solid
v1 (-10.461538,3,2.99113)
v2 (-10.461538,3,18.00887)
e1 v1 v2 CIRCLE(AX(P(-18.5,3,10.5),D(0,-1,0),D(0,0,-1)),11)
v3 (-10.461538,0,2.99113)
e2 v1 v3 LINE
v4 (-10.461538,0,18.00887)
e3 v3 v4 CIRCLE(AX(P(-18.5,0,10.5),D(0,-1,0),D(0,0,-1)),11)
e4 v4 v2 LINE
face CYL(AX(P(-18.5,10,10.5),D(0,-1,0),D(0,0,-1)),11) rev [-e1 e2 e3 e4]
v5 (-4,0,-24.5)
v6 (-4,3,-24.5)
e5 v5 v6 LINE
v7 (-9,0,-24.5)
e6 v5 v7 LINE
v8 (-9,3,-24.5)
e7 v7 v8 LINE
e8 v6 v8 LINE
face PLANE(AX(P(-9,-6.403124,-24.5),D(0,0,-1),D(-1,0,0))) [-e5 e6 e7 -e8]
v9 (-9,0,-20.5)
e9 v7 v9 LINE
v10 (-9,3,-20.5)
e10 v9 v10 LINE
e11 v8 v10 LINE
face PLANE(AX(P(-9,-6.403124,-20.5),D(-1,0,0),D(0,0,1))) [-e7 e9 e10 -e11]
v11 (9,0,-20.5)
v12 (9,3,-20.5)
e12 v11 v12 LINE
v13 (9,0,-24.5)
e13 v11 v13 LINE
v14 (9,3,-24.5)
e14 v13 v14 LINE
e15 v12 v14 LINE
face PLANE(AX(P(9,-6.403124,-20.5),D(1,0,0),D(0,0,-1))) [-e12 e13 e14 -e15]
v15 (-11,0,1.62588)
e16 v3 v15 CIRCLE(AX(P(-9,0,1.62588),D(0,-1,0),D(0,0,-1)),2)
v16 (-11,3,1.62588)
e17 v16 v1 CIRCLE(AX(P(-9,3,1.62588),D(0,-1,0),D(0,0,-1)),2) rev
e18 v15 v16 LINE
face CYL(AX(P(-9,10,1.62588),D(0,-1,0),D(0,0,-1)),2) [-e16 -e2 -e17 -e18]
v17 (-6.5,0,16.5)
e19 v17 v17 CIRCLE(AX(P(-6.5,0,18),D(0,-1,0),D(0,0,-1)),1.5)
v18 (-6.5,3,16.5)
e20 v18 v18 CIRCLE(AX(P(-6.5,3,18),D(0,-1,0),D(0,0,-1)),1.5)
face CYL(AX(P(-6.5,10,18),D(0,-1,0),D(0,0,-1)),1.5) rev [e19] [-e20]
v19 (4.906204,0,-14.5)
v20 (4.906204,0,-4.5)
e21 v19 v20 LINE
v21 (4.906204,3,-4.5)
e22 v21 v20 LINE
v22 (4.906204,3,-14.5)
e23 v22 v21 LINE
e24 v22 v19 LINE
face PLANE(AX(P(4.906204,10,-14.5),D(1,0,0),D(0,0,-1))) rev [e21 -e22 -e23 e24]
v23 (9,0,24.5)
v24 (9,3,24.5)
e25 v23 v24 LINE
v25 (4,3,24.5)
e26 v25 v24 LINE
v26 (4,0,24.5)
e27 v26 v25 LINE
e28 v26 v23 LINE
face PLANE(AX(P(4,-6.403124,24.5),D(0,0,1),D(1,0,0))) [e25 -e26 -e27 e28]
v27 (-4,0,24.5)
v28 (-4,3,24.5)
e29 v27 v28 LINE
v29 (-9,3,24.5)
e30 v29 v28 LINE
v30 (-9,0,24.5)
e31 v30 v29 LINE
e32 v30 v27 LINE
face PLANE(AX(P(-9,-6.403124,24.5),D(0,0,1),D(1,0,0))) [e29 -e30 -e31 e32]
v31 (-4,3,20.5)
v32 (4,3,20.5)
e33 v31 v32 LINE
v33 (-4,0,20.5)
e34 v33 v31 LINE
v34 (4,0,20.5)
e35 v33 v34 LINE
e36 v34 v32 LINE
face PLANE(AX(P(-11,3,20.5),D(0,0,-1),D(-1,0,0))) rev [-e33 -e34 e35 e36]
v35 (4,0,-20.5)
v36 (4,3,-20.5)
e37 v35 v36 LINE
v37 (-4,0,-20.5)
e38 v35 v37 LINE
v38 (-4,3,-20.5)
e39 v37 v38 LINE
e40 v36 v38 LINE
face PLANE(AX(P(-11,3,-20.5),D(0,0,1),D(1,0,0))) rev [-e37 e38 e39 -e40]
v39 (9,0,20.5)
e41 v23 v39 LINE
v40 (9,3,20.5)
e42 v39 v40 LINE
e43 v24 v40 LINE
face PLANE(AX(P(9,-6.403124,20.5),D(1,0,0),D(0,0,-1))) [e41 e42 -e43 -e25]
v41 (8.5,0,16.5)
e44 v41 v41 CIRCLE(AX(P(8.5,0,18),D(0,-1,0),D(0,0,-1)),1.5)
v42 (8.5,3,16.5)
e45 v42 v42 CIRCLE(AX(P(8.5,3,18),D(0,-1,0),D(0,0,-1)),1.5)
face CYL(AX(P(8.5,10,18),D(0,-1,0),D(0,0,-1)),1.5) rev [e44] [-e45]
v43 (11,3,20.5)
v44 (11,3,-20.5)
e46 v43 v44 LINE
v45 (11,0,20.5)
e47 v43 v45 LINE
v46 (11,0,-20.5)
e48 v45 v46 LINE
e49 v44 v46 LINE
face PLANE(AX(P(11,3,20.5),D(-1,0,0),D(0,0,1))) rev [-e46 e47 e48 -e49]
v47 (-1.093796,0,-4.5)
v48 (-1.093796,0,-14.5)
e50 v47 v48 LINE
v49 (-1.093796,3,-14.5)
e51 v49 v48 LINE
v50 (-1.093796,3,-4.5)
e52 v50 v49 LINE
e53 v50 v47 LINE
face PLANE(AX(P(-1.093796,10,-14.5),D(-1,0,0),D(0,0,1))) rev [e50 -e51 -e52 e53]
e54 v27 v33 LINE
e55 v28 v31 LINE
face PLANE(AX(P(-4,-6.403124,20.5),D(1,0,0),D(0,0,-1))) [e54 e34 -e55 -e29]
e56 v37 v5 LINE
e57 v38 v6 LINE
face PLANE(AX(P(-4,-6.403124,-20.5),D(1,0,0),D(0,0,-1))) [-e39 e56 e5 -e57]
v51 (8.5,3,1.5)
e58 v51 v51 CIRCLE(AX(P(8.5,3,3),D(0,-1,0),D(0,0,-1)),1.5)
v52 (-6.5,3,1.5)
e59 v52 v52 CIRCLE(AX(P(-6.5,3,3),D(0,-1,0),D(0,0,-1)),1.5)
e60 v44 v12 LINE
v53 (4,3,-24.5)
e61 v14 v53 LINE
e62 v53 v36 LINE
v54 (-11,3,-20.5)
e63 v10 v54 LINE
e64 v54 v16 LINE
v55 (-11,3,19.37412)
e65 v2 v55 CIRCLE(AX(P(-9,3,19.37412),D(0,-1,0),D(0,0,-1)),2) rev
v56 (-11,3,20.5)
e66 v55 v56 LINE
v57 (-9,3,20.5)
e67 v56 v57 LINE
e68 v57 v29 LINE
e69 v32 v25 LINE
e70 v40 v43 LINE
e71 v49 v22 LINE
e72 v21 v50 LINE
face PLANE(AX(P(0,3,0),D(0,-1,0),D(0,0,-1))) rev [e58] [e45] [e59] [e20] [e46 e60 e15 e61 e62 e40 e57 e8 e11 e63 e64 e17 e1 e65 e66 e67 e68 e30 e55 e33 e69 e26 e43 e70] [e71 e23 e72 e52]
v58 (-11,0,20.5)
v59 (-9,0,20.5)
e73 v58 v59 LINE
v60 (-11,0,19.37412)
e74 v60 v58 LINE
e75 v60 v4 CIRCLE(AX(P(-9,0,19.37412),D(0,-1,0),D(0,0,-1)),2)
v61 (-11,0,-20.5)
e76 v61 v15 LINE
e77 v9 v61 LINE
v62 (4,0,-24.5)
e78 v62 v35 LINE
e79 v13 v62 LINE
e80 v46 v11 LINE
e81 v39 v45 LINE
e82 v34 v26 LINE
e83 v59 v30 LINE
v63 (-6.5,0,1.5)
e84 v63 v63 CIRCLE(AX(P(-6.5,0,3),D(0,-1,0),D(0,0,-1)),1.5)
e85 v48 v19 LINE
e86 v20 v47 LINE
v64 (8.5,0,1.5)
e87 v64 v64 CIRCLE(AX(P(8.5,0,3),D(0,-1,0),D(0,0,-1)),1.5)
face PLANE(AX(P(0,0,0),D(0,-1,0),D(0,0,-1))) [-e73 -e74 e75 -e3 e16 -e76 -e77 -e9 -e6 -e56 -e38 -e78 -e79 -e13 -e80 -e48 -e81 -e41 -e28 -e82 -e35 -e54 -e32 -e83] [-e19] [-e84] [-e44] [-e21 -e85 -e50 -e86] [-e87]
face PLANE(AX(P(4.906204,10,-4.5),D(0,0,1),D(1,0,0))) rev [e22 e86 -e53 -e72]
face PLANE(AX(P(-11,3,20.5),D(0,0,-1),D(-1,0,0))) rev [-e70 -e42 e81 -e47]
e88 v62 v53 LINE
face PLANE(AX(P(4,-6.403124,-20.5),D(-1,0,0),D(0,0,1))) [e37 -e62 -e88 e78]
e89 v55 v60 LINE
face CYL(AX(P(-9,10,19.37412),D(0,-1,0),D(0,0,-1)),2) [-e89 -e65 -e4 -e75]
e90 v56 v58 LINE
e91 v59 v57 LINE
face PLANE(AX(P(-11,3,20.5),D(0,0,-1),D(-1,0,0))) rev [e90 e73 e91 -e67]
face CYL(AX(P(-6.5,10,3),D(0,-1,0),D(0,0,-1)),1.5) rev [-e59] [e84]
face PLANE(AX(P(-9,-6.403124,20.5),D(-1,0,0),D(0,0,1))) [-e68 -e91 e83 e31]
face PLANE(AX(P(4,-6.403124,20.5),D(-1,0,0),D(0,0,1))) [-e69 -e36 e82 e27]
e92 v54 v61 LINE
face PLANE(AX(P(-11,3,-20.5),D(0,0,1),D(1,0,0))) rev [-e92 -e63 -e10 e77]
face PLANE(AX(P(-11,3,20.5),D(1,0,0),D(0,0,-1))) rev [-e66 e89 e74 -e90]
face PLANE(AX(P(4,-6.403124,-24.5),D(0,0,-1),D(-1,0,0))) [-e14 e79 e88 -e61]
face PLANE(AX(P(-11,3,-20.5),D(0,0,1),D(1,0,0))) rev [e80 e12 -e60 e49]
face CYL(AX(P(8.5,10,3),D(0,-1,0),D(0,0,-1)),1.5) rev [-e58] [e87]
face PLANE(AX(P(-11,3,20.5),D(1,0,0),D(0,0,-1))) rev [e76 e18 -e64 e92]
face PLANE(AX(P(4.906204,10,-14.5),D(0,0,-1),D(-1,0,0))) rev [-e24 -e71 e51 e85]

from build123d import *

# Parameters (mm, degrees)
SKETCH_1_W          = 22
SKETCH_1_H          = 41
EXTRUDE_1_DEPTH     = 3
SKETCH_2_W          = 5
SKETCH_2_H          = 4
EXTRUDE_2_DEPTH     = 3
SKETCH_3_W          = 6
SKETCH_3_H          = 10
CUT_EXTRUDE_1_DEPTH = 10
SKETCH_4_R          = 1.5
CUT_EXTRUDE_2_DEPTH = 10
SKETCH_5_R          = 11
CUT_EXTRUDE_3_DEPTH = 10
FILLET_1_R          = 2


with BuildPart() as part:
    # 草图1 → 凸台-拉伸1 (new body)
    with BuildSketch(Plane(origin=(0, 0, 0), x_dir=(1, 0, 0), z_dir=(0, 1, 0))):
        Rectangle(SKETCH_1_W, SKETCH_1_H)
    extrude(amount=EXTRUDE_1_DEPTH)

    # 草图2 → 凸台-拉伸2 (add)
    with BuildSketch(Plane(origin=(0, 3, 0), x_dir=(1, 0, 0), z_dir=(0, 1, 0))):
        with Locations((-6.5, 22.5)):
            Rectangle(SKETCH_2_W, SKETCH_2_H)
        with Locations((6.5, 22.5)):
            Rectangle(SKETCH_2_W, SKETCH_2_H)
        with Locations((6.5, -22.5)):
            Rectangle(SKETCH_2_W, SKETCH_2_H)
        with Locations((-6.5, -22.5)):
            Rectangle(SKETCH_2_W, SKETCH_2_H)
    extrude(amount=-EXTRUDE_2_DEPTH)

    # 草图3 → 切除-拉伸1 (cut)
    with BuildSketch(Plane.XZ):
        with Locations((1.906204118, -9.5)):
            Rectangle(SKETCH_3_W, SKETCH_3_H)
    extrude(amount=-CUT_EXTRUDE_1_DEPTH, mode=Mode.SUBTRACT)

    # 草图4 → 切除-拉伸2 (cut)
    with BuildSketch(Plane.XZ):
        with Locations(Location((-6.5, 18, 0), (0, 0, 270))):
            Circle(SKETCH_4_R)
        with Locations(Location((8.5, 18, 0), (0, 0, 270))):
            Circle(SKETCH_4_R)
        with Locations(Location((-6.5, 3, 0), (0, 0, 270))):
            Circle(SKETCH_4_R)
        with Locations(Location((8.5, 3, 0), (0, 0, 270))):
            Circle(SKETCH_4_R)
    extrude(amount=-CUT_EXTRUDE_2_DEPTH, mode=Mode.SUBTRACT)

    # 草图5 → 切除-拉伸3 (cut)
    with BuildSketch(Plane.XZ):
        with Locations((-18.5, 10.5)):
            Circle(SKETCH_5_R)
    extrude(amount=-CUT_EXTRUDE_3_DEPTH, mode=Mode.SUBTRACT)

    # 圆角1
    fillet_1_edges = [part.edges().sort_by_distance(p)[0] for p in [
        (-11, 1.5, 18.54673847),
        (-11, 1.5, 2.45326153),
    ]]
    fillet(fillet_1_edges, radius=FILLET_1_R)


solid = part.part
